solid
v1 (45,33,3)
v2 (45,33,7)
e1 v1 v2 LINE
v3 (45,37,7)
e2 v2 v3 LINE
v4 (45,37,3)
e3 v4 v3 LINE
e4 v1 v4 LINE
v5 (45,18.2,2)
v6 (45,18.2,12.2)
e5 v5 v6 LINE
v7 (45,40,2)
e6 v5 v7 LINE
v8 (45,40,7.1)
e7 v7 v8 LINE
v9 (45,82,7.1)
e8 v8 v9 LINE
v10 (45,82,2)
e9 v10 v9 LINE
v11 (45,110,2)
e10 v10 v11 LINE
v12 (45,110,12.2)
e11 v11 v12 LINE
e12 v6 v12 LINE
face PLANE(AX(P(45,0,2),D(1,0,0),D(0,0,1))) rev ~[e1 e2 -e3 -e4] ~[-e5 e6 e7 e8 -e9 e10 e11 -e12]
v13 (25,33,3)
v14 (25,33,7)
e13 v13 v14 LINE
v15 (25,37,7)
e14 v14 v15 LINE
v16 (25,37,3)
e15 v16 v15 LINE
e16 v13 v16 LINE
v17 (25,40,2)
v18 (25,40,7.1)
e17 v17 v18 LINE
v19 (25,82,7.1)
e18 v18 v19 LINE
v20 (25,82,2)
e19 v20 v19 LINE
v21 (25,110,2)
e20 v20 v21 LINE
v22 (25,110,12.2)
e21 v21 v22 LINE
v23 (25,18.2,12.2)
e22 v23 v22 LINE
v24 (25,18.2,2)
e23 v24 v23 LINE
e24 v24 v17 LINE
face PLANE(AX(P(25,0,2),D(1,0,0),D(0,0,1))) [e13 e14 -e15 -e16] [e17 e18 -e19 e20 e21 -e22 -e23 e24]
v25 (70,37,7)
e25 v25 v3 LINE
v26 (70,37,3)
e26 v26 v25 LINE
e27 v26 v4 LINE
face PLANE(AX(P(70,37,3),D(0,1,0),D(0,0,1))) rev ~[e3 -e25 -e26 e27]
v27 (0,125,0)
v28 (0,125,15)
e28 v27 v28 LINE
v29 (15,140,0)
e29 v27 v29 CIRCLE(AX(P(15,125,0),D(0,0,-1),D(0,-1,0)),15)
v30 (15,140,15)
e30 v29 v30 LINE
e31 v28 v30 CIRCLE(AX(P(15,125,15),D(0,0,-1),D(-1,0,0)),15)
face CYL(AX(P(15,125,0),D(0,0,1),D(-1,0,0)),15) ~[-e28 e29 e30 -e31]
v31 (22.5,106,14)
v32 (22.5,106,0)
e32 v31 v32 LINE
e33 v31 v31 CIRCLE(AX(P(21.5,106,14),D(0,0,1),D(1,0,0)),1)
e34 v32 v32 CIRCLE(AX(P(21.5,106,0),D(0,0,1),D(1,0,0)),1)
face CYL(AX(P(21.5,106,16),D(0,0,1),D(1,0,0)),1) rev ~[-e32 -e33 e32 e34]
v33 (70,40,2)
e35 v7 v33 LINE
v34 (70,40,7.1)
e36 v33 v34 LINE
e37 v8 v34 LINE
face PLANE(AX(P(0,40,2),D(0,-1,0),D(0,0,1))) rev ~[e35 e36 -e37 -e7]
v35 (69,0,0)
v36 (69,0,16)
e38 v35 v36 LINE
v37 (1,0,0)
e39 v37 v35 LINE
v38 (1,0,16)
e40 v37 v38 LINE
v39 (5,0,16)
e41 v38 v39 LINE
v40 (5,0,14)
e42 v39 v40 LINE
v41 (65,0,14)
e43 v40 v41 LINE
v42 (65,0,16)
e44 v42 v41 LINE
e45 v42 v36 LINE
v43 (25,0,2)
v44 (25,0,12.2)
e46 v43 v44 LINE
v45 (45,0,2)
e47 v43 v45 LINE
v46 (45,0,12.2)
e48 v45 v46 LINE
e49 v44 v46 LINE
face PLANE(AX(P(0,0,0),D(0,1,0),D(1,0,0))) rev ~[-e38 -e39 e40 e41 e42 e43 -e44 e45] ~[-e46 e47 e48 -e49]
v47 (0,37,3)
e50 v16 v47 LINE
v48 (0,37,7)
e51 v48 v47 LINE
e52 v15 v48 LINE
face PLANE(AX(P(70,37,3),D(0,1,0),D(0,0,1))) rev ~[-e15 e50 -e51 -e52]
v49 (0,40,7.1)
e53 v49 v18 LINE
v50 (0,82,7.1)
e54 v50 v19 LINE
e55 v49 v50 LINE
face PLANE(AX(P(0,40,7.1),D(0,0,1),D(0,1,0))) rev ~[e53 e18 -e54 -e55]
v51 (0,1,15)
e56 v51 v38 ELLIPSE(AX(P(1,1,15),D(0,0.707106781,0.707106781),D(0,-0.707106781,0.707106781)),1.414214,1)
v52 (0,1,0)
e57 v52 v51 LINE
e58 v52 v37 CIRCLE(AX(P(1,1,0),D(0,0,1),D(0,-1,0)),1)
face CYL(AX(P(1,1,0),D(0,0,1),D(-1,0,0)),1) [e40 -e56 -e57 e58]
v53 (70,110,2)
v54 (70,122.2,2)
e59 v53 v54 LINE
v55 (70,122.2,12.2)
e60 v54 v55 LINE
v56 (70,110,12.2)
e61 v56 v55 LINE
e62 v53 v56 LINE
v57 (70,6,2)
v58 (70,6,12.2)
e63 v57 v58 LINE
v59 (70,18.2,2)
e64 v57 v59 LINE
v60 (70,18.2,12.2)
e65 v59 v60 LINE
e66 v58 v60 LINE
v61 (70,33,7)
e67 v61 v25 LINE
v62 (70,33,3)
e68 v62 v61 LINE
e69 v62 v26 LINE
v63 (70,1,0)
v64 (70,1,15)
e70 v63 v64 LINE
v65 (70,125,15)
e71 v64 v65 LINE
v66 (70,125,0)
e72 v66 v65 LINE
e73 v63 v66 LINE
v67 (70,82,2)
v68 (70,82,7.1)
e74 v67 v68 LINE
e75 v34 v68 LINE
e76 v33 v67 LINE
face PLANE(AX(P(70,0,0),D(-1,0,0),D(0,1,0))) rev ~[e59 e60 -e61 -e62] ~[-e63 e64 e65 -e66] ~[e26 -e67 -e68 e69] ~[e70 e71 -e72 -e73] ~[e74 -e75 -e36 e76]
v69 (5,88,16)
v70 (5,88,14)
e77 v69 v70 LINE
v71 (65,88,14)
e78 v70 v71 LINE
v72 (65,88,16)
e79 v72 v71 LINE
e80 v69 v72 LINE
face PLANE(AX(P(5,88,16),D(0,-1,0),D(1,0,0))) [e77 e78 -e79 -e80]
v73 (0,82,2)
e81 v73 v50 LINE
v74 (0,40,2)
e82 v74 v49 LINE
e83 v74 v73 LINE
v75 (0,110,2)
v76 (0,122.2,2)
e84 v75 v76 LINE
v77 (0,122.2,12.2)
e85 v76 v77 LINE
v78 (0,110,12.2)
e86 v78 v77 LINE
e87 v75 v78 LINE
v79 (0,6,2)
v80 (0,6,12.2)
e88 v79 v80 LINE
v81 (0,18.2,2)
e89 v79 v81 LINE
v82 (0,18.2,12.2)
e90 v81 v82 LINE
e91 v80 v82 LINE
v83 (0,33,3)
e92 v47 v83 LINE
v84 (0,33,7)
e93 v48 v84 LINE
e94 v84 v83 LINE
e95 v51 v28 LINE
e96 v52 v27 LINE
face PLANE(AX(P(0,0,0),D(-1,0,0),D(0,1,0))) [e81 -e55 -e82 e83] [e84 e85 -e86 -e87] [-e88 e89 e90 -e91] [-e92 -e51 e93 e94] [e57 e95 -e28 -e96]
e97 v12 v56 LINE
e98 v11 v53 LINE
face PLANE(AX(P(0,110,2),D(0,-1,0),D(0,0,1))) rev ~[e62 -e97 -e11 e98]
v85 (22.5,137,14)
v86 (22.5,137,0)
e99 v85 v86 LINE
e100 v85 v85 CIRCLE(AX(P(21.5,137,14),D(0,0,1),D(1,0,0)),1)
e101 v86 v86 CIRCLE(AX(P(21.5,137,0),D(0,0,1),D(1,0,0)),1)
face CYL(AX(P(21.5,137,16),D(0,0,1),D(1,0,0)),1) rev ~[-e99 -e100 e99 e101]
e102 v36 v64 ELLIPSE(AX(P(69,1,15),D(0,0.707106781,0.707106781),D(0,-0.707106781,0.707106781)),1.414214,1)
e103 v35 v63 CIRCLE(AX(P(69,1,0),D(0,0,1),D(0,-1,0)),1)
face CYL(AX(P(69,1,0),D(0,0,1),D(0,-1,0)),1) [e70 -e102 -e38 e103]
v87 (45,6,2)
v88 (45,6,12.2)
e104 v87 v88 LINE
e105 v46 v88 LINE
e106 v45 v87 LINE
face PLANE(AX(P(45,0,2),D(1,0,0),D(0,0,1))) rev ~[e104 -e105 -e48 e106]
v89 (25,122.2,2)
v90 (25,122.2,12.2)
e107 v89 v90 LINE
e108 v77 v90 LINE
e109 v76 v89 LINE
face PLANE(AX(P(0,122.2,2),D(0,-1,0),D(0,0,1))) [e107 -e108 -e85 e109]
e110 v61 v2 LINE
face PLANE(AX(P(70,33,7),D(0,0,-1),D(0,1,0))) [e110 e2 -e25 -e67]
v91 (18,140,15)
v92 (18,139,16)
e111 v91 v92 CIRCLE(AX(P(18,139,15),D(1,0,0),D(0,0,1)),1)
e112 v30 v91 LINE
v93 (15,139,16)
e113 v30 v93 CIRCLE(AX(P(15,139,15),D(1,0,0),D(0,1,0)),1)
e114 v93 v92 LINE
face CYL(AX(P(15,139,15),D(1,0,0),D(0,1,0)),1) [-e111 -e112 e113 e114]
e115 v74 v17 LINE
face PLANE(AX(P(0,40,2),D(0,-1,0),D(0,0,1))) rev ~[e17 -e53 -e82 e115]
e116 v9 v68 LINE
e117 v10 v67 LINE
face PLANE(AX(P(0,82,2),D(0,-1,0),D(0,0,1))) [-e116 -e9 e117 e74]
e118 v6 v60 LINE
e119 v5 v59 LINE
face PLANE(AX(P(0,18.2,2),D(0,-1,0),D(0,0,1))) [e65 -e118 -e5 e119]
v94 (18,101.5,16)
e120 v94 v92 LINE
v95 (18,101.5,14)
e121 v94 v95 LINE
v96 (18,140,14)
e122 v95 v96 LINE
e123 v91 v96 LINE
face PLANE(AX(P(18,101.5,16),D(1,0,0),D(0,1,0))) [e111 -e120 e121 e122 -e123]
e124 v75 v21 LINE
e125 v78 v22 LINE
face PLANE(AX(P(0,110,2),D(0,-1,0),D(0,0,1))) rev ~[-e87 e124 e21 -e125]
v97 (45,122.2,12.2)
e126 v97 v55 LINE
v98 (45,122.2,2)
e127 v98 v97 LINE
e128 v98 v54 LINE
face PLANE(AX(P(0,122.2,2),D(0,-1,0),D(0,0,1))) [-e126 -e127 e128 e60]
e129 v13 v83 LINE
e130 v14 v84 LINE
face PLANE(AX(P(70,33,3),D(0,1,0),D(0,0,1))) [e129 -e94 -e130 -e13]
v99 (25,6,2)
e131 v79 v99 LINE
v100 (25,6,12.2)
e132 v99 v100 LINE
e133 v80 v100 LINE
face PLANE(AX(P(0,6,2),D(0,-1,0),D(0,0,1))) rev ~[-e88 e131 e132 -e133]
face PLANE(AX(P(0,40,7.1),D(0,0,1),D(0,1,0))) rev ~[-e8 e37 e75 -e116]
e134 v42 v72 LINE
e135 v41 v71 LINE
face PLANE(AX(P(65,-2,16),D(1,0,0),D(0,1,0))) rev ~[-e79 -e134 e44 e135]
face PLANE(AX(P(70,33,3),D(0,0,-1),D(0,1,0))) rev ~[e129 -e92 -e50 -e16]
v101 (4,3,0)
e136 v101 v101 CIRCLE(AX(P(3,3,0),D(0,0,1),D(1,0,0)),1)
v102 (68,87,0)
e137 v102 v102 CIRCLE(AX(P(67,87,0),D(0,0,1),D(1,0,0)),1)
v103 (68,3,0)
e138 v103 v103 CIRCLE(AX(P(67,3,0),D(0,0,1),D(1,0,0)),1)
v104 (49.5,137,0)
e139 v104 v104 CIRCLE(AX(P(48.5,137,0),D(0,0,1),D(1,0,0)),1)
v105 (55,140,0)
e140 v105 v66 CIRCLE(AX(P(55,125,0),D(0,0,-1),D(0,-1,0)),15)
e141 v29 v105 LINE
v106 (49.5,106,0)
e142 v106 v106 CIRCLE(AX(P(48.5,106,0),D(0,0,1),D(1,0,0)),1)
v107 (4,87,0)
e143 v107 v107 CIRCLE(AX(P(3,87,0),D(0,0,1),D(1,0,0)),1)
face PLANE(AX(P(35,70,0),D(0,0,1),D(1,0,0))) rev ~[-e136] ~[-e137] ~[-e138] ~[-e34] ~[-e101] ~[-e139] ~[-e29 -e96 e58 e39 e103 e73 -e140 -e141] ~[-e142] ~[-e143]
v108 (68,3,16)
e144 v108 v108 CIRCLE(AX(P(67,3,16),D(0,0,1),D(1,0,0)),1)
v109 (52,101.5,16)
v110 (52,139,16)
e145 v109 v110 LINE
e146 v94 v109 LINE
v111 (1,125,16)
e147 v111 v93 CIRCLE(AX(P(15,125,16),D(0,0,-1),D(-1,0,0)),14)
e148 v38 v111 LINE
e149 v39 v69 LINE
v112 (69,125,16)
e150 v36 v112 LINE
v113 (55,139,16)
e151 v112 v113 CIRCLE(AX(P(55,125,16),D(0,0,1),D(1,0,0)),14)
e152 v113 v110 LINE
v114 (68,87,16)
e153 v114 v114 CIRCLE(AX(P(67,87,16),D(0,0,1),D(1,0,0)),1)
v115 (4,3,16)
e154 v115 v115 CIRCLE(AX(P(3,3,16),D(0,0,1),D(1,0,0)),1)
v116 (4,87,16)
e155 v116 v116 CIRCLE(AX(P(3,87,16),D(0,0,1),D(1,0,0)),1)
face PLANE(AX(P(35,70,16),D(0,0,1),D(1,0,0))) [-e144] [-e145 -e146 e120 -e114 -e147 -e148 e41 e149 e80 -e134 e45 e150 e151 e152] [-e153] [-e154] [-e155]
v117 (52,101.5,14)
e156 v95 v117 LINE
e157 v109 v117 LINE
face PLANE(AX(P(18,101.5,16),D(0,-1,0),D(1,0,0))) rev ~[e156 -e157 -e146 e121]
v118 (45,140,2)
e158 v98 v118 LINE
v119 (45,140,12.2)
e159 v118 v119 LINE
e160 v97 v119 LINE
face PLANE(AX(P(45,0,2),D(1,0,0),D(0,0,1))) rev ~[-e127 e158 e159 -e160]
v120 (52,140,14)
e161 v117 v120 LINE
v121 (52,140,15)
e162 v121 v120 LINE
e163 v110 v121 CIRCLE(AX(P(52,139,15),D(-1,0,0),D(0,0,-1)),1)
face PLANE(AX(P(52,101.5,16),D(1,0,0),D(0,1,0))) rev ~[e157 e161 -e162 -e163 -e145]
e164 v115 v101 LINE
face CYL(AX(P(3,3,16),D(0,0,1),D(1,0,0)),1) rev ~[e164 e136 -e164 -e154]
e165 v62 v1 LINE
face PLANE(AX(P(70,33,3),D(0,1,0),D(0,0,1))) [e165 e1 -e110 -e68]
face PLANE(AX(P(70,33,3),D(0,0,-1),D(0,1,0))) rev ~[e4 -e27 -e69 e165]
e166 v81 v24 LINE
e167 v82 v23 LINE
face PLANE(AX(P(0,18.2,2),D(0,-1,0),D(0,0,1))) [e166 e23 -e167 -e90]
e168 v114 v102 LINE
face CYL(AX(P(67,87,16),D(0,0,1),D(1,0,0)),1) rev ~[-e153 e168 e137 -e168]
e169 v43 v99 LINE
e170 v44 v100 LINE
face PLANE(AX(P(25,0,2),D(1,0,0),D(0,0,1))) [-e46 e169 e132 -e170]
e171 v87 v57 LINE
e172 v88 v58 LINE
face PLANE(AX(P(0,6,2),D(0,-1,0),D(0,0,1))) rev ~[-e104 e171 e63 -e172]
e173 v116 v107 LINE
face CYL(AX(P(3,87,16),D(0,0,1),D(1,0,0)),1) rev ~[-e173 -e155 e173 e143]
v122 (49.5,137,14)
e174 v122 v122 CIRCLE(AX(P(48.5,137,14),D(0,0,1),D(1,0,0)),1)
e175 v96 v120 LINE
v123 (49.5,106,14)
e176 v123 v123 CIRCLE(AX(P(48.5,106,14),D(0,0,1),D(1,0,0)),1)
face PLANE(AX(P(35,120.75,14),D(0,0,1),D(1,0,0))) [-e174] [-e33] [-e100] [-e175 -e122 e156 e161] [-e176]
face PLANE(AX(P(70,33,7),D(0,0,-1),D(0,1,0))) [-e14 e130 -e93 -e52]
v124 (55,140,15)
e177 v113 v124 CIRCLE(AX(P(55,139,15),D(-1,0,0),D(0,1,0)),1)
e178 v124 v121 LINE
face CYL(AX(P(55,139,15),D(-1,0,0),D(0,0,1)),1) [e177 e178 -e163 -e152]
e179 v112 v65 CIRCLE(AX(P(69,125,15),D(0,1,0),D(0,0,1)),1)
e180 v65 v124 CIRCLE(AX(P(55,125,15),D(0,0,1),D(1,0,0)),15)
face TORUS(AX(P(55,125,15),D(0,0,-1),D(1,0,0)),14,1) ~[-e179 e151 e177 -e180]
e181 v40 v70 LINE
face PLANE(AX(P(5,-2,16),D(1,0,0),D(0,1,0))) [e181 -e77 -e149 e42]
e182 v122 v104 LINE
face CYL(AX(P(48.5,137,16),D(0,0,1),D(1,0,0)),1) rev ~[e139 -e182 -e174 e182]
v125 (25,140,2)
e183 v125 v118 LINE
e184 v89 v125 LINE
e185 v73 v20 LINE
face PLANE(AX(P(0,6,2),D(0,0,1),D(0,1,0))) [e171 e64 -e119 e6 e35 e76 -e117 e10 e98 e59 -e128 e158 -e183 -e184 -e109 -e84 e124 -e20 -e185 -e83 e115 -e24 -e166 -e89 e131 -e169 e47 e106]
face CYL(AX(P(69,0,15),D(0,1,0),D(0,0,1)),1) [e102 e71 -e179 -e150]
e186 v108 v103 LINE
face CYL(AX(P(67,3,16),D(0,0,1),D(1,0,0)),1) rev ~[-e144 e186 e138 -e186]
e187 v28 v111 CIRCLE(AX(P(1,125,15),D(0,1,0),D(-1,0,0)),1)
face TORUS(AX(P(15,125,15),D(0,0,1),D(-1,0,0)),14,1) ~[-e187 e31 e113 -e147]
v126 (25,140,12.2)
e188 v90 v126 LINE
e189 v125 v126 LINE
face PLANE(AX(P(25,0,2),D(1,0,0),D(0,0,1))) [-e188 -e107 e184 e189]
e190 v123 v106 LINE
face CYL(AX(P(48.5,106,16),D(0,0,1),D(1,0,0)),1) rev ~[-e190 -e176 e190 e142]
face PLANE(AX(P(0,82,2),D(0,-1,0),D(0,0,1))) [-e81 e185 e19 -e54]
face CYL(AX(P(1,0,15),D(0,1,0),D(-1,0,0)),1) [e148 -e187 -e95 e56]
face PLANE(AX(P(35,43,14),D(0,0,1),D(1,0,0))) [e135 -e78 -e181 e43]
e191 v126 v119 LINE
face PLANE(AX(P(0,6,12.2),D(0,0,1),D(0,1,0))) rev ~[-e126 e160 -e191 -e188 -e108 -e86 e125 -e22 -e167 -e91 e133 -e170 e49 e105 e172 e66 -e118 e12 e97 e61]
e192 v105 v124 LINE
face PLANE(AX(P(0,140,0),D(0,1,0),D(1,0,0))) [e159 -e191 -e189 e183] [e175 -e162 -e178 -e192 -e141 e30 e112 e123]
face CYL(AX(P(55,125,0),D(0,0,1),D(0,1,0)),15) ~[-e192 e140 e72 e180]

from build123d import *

# Parameters (mm, degrees)
BOX_W           = 70
BOX_H           = 140
BOX_DEPTH       = 16
SKETCH_R        = 1
POCKET_DEPTH    = 20
SKETCH001_W     = 12.2
SKETCH001_H     = 10.2
SKETCH001_W_2   = 42
SKETCH001_H_2   = 5.1
POCKET001_DEPTH = 75
SKETCH002_W     = 20
SKETCH002_H     = 10.2
POCKET002_DEPTH = 140
SKETCH003_W     = 34
SKETCH003_H     = 38.5
SKETCH003_W_2   = 60
SKETCH003_H_2   = 90
POCKET003_DEPTH = 2
SKETCH004_W     = 4
SKETCH004_H     = 4
POCKET004_DEPTH = 80
FILLET_R        = 15
FILLET001_R     = 1


with BuildPart() as part:
    # Box → Box (new body)
    with BuildSketch(Plane.XY):
        with Locations((35, 70)):
            Rectangle(BOX_W, BOX_H)
    extrude(amount=BOX_DEPTH)

    # Sketch (on Face6 of BaseFeature) → Pocket (cut)
    with BuildSketch(Plane.XY.offset(16)):
        with Locations((3, 3)):
            Circle(SKETCH_R)
        with Locations((67, 3)):
            Circle(SKETCH_R)
        with Locations((3, 87)):
            Circle(SKETCH_R)
        with Locations((67, 87)):
            Circle(SKETCH_R)
        with Locations((21.5, 137)):
            Circle(SKETCH_R)
        with Locations((48.5, 137)):
            Circle(SKETCH_R)
        with Locations((21.5, 106)):
            Circle(SKETCH_R)
        with Locations((48.5, 106)):
            Circle(SKETCH_R)
    extrude(amount=-POCKET_DEPTH, mode=Mode.SUBTRACT)

    # Sketch001 → Pocket001 (cut)
    with BuildSketch(Plane.YZ):
        with Locations((12.1, 7.1)):
            Rectangle(SKETCH001_W, SKETCH001_H)
        with Locations((116.1, 7.1)):
            Rectangle(SKETCH001_W, SKETCH001_H)
        with Locations((61, 4.55)):
            Rectangle(SKETCH001_W_2, SKETCH001_H_2)
    extrude(amount=POCKET001_DEPTH, mode=Mode.SUBTRACT)

    # Sketch002 → Pocket002 (cut)
    with BuildSketch(Plane.XZ):
        with Locations((35, 7.1)):
            Rectangle(SKETCH002_W, SKETCH002_H)
    extrude(amount=-POCKET002_DEPTH, mode=Mode.SUBTRACT)

    # Sketch003 (on Face3 of Pocket002) → Pocket003 (cut)
    with BuildSketch(Plane.XY.offset(16)):
        with Locations((35, 120.75)):
            Rectangle(SKETCH003_W, SKETCH003_H)
        with Locations((35, 43)):
            Rectangle(SKETCH003_W_2, SKETCH003_H_2)
    extrude(amount=-POCKET003_DEPTH, mode=Mode.SUBTRACT)

    # Sketch004 (on Face18 of Pocket003) → Pocket004 (cut)
    with BuildSketch(Plane.YZ.offset(70)):
        with Locations((35, 5)):
            Rectangle(SKETCH004_W, SKETCH004_H)
    extrude(amount=-POCKET004_DEPTH, mode=Mode.SUBTRACT)

    # Fillet
    fillet_edges = [part.edges().sort_by_distance(p)[0] for p in [
        (0, 140, 8),
        (70, 140, 8),
    ]]
    fillet(fillet_edges, radius=FILLET_R)

    # Fillet001
    fillet001_edges = [part.edges().sort_by_distance(p)[0] for p in [
        (70, 0, 8),
        (0, 0, 8),
        (70, 62.5, 16),
        (0, 62.5, 16),
        (65.606602, 135.606602, 16),
        (53.5, 140, 16),
        (16.5, 140, 16),
        (4.393398, 135.606602, 16),
    ]]
    fillet(fillet001_edges, radius=FILLET001_R)


solid = part.part
